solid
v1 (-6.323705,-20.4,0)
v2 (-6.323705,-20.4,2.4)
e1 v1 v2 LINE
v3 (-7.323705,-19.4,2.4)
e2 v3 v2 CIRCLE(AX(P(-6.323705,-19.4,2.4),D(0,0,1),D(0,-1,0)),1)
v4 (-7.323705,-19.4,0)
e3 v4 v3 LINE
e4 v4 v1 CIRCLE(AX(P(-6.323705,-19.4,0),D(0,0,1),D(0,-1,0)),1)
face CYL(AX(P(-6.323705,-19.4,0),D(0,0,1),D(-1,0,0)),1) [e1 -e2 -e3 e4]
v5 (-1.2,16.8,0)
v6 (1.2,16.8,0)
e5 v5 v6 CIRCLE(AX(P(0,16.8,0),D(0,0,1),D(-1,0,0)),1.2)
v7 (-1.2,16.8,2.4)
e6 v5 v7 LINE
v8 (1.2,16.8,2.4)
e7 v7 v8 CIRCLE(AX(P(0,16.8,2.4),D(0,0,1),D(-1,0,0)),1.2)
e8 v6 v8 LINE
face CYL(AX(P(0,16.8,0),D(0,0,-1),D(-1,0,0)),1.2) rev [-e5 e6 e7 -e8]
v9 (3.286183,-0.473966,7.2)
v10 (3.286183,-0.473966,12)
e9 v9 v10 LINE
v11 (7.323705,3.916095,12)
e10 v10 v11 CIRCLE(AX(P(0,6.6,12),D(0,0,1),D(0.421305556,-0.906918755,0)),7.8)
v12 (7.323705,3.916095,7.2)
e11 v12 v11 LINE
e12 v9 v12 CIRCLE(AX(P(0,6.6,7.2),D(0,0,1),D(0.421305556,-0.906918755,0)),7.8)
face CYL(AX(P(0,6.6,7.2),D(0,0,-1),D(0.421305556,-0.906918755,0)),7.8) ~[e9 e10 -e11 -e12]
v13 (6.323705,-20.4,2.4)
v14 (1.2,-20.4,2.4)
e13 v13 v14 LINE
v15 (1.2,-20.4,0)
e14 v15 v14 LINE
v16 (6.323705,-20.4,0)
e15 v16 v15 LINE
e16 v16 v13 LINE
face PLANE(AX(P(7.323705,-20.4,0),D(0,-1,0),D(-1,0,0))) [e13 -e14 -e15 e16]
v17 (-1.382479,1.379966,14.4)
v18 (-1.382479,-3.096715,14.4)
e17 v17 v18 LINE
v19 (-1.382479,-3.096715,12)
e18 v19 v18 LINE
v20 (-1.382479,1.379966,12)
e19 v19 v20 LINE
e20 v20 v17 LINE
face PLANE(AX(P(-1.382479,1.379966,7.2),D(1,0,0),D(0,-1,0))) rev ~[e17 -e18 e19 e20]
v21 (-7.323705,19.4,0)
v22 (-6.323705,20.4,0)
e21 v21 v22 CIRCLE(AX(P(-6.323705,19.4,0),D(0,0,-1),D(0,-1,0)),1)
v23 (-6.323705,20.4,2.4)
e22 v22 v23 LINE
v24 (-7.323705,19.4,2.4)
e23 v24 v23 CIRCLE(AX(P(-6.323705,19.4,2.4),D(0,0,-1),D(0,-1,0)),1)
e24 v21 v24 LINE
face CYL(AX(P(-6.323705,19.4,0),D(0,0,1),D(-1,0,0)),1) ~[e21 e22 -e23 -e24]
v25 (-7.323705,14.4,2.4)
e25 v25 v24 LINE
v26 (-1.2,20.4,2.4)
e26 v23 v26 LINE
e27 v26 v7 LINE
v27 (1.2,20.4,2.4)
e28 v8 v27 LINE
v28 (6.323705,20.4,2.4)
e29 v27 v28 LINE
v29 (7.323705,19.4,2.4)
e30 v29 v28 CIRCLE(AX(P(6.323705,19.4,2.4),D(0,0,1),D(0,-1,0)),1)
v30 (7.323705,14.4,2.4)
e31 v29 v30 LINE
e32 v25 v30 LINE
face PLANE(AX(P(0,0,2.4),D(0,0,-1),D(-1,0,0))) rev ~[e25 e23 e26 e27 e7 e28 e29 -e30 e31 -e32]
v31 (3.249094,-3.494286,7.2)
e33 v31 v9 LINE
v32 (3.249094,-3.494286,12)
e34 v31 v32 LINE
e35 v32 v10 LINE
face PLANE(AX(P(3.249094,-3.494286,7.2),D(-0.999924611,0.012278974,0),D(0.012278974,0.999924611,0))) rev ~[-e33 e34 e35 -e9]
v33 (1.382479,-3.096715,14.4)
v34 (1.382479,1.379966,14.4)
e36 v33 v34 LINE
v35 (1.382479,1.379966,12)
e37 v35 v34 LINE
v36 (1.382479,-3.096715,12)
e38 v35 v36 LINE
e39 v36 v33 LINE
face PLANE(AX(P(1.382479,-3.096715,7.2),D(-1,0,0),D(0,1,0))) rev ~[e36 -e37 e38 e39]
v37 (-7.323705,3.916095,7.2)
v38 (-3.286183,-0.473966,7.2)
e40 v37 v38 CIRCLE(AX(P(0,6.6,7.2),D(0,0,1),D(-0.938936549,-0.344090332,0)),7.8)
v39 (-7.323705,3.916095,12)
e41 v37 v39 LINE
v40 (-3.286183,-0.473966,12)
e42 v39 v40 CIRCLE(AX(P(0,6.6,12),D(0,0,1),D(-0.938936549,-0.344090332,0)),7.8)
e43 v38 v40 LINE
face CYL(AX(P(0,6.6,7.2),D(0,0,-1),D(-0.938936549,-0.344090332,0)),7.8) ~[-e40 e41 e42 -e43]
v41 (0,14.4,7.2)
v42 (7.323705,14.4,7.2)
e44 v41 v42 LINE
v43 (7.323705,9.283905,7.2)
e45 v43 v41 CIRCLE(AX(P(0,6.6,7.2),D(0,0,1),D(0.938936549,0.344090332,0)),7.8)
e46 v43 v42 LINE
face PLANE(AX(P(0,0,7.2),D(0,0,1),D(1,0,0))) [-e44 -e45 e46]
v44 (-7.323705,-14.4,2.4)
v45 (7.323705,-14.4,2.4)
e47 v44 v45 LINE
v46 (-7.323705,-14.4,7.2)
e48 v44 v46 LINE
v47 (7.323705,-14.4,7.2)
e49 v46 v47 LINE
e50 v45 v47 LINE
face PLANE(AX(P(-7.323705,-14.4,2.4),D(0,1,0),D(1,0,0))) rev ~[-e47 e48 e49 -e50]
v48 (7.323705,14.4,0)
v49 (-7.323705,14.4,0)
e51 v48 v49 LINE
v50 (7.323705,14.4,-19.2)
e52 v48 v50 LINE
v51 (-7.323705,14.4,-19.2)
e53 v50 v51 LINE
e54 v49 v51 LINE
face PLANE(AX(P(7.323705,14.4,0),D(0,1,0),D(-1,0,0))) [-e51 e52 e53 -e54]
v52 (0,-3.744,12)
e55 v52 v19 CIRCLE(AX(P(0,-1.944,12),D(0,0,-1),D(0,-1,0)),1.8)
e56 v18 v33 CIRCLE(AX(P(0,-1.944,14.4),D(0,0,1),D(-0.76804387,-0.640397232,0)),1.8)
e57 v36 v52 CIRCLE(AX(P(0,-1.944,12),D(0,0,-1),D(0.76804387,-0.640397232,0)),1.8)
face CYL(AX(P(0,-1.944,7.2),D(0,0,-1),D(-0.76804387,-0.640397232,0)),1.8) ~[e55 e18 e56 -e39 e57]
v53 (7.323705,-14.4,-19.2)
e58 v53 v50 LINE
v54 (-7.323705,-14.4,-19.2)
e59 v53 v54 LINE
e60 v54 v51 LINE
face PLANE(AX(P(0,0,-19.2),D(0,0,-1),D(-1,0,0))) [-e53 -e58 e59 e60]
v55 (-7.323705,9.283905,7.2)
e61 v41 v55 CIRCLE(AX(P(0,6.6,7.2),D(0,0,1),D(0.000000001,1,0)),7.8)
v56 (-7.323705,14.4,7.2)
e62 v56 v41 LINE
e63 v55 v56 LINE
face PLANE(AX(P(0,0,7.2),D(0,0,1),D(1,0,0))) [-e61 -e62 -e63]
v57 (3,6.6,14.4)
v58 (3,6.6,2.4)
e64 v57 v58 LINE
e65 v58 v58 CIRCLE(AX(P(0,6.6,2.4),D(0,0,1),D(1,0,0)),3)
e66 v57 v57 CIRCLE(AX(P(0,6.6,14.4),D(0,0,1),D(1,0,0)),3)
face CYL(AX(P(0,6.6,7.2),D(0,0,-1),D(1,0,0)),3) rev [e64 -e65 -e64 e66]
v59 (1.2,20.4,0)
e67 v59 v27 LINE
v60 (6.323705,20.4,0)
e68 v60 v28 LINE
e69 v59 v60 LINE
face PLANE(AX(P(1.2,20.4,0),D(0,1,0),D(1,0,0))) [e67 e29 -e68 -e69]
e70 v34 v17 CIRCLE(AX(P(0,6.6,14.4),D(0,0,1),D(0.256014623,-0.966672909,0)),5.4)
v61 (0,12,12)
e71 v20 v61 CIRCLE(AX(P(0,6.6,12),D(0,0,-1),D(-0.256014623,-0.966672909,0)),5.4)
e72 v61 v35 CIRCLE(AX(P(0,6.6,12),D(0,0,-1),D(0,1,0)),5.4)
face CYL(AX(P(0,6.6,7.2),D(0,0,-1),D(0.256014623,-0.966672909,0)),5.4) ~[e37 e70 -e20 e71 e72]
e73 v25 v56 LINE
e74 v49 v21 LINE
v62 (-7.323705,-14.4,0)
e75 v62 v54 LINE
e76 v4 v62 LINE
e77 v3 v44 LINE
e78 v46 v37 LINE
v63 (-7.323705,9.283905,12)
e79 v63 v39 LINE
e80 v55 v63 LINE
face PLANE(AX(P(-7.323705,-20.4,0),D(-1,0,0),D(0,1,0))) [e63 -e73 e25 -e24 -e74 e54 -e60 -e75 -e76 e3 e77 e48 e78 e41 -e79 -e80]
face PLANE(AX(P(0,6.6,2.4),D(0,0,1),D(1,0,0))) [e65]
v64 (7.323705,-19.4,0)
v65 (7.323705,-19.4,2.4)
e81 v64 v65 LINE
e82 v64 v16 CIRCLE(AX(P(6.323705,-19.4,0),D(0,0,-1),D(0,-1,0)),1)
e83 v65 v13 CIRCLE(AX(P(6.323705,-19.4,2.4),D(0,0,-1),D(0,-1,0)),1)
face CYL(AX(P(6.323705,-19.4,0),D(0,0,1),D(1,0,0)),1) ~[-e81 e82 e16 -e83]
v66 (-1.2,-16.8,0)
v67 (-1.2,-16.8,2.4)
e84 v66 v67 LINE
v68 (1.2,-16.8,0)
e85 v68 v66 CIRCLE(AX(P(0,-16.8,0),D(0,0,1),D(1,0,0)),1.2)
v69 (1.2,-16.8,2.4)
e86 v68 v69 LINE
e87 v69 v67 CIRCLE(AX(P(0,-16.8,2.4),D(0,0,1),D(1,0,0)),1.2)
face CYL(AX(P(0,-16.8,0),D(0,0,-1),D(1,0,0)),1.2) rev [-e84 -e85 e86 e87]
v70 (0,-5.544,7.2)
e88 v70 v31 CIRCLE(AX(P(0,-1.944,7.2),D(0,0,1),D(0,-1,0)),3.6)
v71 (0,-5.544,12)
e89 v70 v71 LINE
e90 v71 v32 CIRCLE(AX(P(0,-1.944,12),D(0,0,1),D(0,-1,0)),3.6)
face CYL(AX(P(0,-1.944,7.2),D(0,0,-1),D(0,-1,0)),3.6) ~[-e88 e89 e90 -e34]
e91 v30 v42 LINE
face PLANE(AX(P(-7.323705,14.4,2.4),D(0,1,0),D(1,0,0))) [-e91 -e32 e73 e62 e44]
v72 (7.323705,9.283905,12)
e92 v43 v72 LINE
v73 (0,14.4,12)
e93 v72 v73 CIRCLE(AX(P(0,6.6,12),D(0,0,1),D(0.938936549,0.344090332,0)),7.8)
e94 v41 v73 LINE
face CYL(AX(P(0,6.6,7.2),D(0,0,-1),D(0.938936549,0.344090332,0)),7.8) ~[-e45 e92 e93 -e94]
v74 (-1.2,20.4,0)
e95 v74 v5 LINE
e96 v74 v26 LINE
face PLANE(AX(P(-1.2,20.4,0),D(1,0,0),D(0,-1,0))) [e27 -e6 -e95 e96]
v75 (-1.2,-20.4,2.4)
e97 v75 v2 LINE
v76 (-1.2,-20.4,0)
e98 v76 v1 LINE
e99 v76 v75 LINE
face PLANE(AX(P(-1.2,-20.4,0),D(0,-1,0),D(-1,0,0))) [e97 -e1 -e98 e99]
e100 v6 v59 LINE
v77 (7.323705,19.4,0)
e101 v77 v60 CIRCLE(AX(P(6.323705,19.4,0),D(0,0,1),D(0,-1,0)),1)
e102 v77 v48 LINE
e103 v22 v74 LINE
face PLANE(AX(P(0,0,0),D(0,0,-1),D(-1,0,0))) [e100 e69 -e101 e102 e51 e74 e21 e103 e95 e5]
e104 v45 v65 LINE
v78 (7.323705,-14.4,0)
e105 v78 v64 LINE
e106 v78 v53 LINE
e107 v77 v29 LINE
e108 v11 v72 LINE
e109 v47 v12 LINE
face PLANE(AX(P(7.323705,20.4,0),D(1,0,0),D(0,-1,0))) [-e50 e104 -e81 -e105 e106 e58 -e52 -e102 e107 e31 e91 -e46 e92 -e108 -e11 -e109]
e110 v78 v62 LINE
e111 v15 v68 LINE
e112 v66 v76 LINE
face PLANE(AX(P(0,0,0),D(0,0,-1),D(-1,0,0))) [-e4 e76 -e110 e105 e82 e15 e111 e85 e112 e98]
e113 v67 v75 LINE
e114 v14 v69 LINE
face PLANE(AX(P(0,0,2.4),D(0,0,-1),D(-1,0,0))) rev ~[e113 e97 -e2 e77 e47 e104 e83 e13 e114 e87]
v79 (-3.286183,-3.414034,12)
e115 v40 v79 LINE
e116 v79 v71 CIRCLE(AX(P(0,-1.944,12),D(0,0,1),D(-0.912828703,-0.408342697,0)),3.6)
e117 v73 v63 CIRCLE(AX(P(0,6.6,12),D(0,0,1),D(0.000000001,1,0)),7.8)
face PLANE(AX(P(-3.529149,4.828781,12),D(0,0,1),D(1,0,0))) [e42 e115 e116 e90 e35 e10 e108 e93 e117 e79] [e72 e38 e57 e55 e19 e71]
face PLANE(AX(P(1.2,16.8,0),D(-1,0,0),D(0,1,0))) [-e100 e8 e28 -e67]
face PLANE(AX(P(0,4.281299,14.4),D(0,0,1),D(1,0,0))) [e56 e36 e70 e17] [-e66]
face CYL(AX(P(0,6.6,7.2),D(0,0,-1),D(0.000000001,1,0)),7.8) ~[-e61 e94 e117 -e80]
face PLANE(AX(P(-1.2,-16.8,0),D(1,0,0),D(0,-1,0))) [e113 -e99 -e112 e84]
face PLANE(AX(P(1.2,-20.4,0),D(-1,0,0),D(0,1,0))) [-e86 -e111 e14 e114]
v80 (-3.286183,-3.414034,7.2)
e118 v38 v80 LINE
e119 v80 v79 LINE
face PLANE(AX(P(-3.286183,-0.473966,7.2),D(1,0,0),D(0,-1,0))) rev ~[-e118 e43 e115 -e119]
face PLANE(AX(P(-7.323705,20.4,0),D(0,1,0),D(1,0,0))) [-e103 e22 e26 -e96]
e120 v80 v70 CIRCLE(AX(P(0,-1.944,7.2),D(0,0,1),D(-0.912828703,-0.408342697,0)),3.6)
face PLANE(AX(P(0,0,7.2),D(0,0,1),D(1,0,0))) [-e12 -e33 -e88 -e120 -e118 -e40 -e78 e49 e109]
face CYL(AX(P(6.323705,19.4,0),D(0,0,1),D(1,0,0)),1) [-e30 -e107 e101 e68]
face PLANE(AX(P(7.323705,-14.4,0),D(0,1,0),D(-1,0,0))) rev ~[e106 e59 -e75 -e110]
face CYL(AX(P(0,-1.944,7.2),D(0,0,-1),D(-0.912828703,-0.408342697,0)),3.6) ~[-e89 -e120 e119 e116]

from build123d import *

# Parameters (mm, degrees)
BOSS_EXTRU_2_DEPTH      = 2.4
ESQUISSE3_W             = 14.64741017
ESQUISSE3_H             = 28.8
BOSS_EXTRU_3_DEPTH      = 4.8
BOSS_EXTRU_4_DEPTH      = 4.8
ESQUISSE7_R             = 3
BOSS_EXTRU_5_DEPTH      = 7.2
ENL_V_START             = -4.8
ESQUISSE8_R             = 3
ENL_V_MAT_EXTRU_1_DEPTH = 4.8
ESQUISSE9_W             = 14.64741017
ESQUISSE9_H             = 28.8
BOSS_EXTRU_6_DEPTH      = 19.2
CONG_1_R                = 1


with BuildPart() as part:
    # Esquisse1 → Boss.-Extru.2 (new body)
    with BuildSketch(Plane.XY):
        with BuildLine():
            Line((-7.323705085, 20.4), (-1.2, 20.4))
            Line((-1.2, 20.4), (-1.2, 16.8))
            ThreePointArc((-1.2, 16.8), (0, 15.6), (1.2, 16.8))
            Line((1.2, 16.8), (1.2, 20.4))
            Line((1.2, 20.4), (7.323705085, 20.4))
            Line((7.323705085, 20.4), (7.323705085, -20.4))
            Line((7.323705085, -20.4), (1.2, -20.4))
            Line((1.2, -20.4), (1.2, -16.8))
            ThreePointArc((1.2, -16.8), (0, -15.6), (-1.2, -16.8))
            Line((-1.2, -16.8), (-1.2, -20.4))
            Line((-1.2, -20.4), (-7.323705085, -20.4))
            Line((-7.323705085, -20.4), (-7.323705085, 20.4))
        make_face()
    extrude(amount=BOSS_EXTRU_2_DEPTH)

    # Esquisse3 → Boss.-Extru.3 (add)
    with BuildSketch(Plane.XY.offset(2.4)):
        Rectangle(ESQUISSE3_W, ESQUISSE3_H)
    extrude(amount=BOSS_EXTRU_3_DEPTH)

    # Esquisse4 → Boss.-Extru.4 (add)
    with BuildSketch(Plane.XY.offset(7.2)):
        with BuildLine():
            Line((0, 12), (0, 14.4))
            ThreePointArc((8e-09, 14.4), (-4.466852593, 12.994312153), (-7.323705085, 9.283904587))
            Line((-7.323705085, 9.283904587), (-7.323705085, 3.916095413))
            ThreePointArc((-7.323705085, 3.916095413), (-5.741131727, 1.319904689), (-3.286183333, -0.473966292))
            Line((-3.286183333, -0.473966292), (-3.286183333, -3.414033708))
            ThreePointArc((-3.286183333, -3.414033708), (-1.958044771, -4.964937052), (0, -5.544))
            Line((0, -5.544), (0, -3.744))
            ThreePointArc((0, -3.744), (-0.763253879, -3.574166714), (-1.382478965, -3.096715017))
            Line((-1.382478965, -3.096715017), (-1.382478965, 1.379966292))
            ThreePointArc((-1.382478965, 1.379966292), (-5.354819419, 7.297071724), (0, 12))
        make_face()
        with BuildLine():
            ThreePointArc((7.323705085, 9.283904587), (4.466852599, 12.994312149), (8e-09, 14.4))
            Line((0, 14.4), (0, 12))
            ThreePointArc((0, 12), (5.354819419, 7.297071724), (1.382478965, 1.379966292))
            Line((1.382478965, 1.379966292), (1.382478965, -3.096715017))
            ThreePointArc((1.382478965, -3.096715017), (0.763253879, -3.574166714), (0, -3.744))
            Line((0, -3.744), (0, -5.544))
            ThreePointArc((0, -5.544), (1.920803148, -4.988752086), (3.249094107, -3.49428626))
            Line((3.249094107, -3.49428626), (3.286183333, -0.473966292))
            ThreePointArc((3.286183333, -0.473966292), (5.741131727, 1.319904689), (7.323705085, 3.916095413))
            Line((7.323705085, 3.916095413), (7.323705085, 9.283904587))
        make_face()
    extrude(amount=BOSS_EXTRU_4_DEPTH)

    # Esquisse7 → Boss.-Extru.5 (add)
    with BuildSketch(Plane.XY.offset(7.2)):
        with BuildLine():
            Line((-1.382478965, 1.379966292), (-1.382478965, -3.096715017))
            ThreePointArc((-1.382478965, -3.096715017), (0, -3.744), (1.382478965, -3.096715017))
            Line((1.382478965, -3.096715017), (1.382478965, 1.379966292))
            ThreePointArc((1.382478965, 1.379966292), (0, 12), (-1.382478965, 1.379966292))
        make_face()
        with Locations((0, 6.6)):
            Circle(ESQUISSE7_R, mode=Mode.SUBTRACT)
    extrude(amount=BOSS_EXTRU_5_DEPTH)

    # Esquisse8 → Enlèv. mat.-Extru.1 (cut)
    with BuildSketch(Plane.XY.offset(7.2).offset(ENL_V_START)):
        with Locations((0, 6.6)):
            Circle(ESQUISSE8_R)
    extrude(amount=ENL_V_MAT_EXTRU_1_DEPTH, mode=Mode.SUBTRACT)

    # Esquisse9 → Boss.-Extru.6 (add)
    with BuildSketch(Plane(origin=(0, 0, 0), x_dir=(-1, 0, 0), z_dir=(0, 0, -1))):
        Rectangle(ESQUISSE9_W, ESQUISSE9_H)
    extrude(amount=BOSS_EXTRU_6_DEPTH)

    # Congé1
    cong_1_edges = [part.edges().sort_by_distance(p)[0] for p in [
        (7.323705085, 20.4, 1.2),
        (7.323705085, -20.4, 1.2),
        (-7.323705085, -20.4, 1.2),
        (-7.323705085, 20.4, 1.2),
    ]]
    fillet(cong_1_edges, radius=CONG_1_R)


solid = part.part
